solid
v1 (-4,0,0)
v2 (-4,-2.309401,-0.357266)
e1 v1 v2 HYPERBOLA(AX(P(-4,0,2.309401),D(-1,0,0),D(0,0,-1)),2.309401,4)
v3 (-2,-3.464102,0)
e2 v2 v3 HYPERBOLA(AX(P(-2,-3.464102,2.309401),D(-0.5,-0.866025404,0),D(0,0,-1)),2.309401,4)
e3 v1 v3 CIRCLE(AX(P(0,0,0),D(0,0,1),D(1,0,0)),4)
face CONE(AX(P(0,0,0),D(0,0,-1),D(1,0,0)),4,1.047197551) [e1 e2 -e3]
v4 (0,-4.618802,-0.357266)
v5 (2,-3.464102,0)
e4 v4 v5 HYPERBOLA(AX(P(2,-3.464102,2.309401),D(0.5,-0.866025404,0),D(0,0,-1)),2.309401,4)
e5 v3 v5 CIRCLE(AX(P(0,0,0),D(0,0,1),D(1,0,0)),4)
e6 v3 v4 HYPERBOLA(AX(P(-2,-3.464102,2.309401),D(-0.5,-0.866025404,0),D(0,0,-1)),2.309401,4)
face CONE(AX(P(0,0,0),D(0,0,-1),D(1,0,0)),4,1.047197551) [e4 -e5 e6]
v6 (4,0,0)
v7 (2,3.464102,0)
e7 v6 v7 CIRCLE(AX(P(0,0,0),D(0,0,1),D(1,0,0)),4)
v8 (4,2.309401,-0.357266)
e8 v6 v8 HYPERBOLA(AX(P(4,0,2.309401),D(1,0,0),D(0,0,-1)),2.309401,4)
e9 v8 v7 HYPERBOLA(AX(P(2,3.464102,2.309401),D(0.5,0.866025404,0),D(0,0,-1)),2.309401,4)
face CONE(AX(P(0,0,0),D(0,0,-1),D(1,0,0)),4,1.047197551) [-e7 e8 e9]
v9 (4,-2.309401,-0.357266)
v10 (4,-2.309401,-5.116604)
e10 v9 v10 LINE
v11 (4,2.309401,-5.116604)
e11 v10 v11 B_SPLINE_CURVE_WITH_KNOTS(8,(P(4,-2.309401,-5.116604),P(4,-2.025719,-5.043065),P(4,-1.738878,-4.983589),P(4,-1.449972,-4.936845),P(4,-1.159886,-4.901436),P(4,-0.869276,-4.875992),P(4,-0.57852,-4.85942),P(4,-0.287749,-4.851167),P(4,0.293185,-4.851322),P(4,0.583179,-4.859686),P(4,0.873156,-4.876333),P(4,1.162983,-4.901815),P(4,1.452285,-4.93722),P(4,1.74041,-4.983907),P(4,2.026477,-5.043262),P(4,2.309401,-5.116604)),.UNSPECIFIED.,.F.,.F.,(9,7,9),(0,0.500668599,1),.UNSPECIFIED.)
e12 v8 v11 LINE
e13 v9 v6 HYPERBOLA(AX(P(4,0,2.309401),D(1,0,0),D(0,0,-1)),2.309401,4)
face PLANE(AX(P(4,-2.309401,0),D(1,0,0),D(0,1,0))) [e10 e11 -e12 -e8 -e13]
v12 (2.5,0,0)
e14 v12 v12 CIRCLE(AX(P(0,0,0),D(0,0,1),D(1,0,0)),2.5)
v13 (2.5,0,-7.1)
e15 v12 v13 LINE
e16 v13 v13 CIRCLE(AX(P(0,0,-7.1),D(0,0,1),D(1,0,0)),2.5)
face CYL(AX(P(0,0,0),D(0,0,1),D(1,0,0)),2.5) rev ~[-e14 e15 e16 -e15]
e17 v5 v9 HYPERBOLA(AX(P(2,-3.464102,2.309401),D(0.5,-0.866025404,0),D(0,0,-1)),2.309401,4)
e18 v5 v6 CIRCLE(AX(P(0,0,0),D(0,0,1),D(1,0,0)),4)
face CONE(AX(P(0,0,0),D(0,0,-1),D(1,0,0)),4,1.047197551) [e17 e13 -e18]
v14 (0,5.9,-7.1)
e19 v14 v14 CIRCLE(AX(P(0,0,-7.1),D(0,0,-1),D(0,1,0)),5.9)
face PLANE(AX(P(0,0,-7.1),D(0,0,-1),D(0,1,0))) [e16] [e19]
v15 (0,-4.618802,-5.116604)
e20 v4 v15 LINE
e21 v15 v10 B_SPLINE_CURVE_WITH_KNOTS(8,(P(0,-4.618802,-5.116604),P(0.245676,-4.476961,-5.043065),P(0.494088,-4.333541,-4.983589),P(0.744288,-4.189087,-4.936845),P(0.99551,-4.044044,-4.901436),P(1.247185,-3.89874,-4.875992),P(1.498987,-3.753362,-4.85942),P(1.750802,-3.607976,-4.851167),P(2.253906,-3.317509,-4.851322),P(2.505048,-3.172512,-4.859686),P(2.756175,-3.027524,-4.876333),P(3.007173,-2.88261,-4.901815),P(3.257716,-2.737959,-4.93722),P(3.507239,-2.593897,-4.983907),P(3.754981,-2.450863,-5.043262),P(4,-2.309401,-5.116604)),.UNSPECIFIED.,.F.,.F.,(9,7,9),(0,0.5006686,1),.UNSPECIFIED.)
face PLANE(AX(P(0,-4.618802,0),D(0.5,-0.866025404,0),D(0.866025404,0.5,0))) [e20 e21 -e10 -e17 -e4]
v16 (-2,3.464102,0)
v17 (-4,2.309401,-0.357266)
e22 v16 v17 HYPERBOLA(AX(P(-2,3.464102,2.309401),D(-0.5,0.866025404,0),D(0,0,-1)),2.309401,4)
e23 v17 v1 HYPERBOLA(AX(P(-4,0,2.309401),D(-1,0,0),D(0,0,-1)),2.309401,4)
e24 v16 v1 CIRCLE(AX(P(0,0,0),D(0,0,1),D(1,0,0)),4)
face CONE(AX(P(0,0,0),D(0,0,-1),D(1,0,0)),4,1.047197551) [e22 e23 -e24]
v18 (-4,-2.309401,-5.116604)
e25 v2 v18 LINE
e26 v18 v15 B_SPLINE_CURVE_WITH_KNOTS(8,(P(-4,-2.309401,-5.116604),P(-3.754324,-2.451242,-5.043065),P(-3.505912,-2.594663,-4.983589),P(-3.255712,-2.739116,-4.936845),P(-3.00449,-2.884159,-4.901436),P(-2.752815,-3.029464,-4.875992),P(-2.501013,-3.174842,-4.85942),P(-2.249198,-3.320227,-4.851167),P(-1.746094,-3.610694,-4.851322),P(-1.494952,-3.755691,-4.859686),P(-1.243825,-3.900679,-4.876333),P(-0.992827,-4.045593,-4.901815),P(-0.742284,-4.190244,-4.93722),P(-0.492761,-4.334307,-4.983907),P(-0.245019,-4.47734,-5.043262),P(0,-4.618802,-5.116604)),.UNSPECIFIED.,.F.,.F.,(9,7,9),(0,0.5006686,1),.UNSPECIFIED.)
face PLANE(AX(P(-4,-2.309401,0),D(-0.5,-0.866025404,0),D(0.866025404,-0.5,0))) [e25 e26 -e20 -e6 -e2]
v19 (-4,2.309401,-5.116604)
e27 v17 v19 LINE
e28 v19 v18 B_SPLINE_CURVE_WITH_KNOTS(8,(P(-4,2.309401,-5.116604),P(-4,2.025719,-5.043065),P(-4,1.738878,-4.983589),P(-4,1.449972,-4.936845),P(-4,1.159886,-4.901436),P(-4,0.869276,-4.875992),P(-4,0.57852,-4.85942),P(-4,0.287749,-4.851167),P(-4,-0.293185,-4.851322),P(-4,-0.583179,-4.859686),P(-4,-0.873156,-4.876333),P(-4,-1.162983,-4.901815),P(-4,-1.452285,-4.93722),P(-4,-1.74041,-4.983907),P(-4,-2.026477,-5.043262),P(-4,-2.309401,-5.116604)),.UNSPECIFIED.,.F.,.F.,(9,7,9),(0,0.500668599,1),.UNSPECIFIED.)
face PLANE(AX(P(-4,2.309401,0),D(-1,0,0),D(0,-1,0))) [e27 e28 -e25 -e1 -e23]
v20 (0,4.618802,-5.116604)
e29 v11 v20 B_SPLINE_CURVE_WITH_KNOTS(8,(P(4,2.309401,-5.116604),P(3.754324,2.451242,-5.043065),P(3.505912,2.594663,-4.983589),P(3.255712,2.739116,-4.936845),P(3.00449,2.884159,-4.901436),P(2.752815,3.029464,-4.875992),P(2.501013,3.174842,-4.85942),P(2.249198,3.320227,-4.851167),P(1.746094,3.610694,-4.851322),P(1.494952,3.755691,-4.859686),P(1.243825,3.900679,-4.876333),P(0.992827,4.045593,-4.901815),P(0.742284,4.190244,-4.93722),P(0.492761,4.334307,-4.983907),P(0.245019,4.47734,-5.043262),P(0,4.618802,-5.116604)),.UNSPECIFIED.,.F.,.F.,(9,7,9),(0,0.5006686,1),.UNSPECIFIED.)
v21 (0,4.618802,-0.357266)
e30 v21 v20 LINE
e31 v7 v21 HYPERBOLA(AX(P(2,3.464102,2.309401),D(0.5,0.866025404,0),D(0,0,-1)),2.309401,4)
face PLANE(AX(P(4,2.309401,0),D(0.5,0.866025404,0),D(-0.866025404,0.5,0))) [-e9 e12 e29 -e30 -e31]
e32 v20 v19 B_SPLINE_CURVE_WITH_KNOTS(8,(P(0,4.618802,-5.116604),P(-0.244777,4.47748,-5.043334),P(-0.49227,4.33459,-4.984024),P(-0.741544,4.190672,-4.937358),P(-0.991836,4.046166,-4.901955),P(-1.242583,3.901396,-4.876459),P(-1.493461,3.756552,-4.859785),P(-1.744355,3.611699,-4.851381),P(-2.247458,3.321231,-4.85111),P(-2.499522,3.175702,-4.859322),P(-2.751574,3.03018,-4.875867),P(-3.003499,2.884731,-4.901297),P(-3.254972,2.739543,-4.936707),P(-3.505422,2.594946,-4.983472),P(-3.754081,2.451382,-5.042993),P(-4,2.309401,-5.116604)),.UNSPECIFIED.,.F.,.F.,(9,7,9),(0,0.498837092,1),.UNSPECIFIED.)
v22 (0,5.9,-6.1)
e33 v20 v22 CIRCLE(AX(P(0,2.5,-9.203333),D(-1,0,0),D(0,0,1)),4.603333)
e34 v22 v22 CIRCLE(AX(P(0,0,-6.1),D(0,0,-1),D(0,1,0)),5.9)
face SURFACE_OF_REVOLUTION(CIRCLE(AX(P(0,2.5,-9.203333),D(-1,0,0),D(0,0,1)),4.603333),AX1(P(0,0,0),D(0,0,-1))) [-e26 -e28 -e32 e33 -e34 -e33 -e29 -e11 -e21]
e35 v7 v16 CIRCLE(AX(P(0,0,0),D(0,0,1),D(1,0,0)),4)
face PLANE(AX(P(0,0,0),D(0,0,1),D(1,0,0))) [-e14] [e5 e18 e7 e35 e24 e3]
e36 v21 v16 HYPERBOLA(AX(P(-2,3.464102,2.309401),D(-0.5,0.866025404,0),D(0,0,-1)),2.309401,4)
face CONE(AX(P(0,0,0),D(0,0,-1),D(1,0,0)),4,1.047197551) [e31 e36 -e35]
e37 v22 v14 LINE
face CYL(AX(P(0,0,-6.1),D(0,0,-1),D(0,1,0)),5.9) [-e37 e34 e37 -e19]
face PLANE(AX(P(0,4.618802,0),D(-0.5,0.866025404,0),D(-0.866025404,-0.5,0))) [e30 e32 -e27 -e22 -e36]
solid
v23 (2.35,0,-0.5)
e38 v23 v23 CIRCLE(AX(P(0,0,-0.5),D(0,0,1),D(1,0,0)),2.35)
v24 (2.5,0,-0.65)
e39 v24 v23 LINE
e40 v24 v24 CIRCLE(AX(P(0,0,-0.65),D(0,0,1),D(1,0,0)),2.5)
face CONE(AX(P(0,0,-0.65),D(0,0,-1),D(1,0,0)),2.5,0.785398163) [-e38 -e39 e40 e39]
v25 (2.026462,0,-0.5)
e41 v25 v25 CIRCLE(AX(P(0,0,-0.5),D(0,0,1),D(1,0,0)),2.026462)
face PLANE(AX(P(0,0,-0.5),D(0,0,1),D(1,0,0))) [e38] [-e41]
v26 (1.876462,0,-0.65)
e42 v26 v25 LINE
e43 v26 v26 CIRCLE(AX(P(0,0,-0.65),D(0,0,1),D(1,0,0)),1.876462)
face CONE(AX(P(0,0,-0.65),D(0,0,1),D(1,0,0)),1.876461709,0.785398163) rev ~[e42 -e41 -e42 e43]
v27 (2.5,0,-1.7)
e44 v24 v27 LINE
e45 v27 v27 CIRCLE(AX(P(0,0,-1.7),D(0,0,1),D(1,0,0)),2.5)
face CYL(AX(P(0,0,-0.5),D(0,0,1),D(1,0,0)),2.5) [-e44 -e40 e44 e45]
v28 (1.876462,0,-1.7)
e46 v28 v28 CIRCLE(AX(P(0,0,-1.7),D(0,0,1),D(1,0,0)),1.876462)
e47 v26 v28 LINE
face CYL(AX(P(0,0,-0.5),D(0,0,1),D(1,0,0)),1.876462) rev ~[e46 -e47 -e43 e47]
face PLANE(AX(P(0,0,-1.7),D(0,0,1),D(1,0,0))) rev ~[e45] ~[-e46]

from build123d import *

# Parameters (mm, degrees)
SKETCH1_R           = 2.5
EXTRUDE1_DEPTH      = 7.1
SKETCH2_OUTSIDE_W   = 48.74
SKETCH2_OUTSIDE_H   = 49.978
SKETCH2_OUTSIDE_R   = 4
CUT_EXTRUDE1_DEPTH  = 10.36714115
CUT_EXTRUDE1_DRAFT  = -60
BOSS_EXTRUDE1_START = -0.5
SKETCH10_R          = 2.5
SKETCH10_R_2        = 1.876461709
BOSS_EXTRUDE1_DEPTH = 1.2
CHAMFER1_SIZE       = 0.15


with BuildPart() as part:
    # Sketch1 → Extrude1 (new body)
    with BuildSketch(Plane.XY):
        Polygon((0, 4.618802154), (-4, 2.309401077), (-4, -2.309401077), (0, -4.618802154), (4, -2.309401077), (4, 2.309401077), align=None)
        Circle(SKETCH1_R, mode=Mode.SUBTRACT)
    extrude(amount=-EXTRUDE1_DEPTH)


with BuildPart() as cut_extrude1_tool:
    # Sketch2 outside → Cut-Extrude1 (with draft: the straight prism first)
    with BuildSketch(Plane.XY):
        Rectangle(SKETCH2_OUTSIDE_W, SKETCH2_OUTSIDE_H)
        Circle(SKETCH2_OUTSIDE_R, mode=Mode.SUBTRACT)
    extrude(amount=-CUT_EXTRUDE1_DEPTH)
    # Cut-Extrude1: the draft: its side faces are tilted about the plane it starts from
    cut_extrude1_sides = [cut_extrude1_tool.faces().sort_by_distance(p)[0] for p in [
        (0, -24.989, -5.183570575),
        (24.37, 0, -5.183570575),
        (0, 24.989, -5.183570575),
        (-24.37, 0, -5.183570575),
        (-4, 0, -5.183570575),
    ]]
    draft(cut_extrude1_sides, Plane.XY, CUT_EXTRUDE1_DRAFT)


with BuildPart() as part_1:
    add(part.part)

    # Cut-Extrude1: cut by cut_extrude1_tool
    add(cut_extrude1_tool.part, mode=Mode.SUBTRACT)

    # Sketch3 → Revolve1 (revolve)
    with BuildSketch(Plane(origin=(0, 0, 0), x_dir=(0, 0, -1), z_dir=(1, 0, 0))):
        with BuildLine():
            Line((7.1, 5.9), (7.1, 2.5))
            Line((7.1, 2.5), (4.6, 2.5))
            ThreePointArc((4.6, 2.5), (4.99166172, 4.358090418), (6.1, 5.9))
            Line((6.1, 5.9), (7.1, 5.9))
        make_face()
    revolve(axis=Axis((0, 0, 0), (0, 0, -1)))


with BuildPart() as body_2:
    # Sketch10 → Boss-Extrude1 (new body)
    with BuildSketch(Plane.XY.offset(BOSS_EXTRUDE1_START)):
        Circle(SKETCH10_R)
        Circle(SKETCH10_R_2, mode=Mode.SUBTRACT)
    extrude(amount=-BOSS_EXTRUDE1_DEPTH)

    # Chamfer1
    chamfer1_edges = [body_2.edges().sort_by_distance(p)[0] for p in [
        (-2.5, 0, -0.5),
        (-1.876461709, 0, -0.5),
    ]]
    chamfer(chamfer1_edges, length=CHAMFER1_SIZE)


solid = Compound([part_1.part, body_2.part])
